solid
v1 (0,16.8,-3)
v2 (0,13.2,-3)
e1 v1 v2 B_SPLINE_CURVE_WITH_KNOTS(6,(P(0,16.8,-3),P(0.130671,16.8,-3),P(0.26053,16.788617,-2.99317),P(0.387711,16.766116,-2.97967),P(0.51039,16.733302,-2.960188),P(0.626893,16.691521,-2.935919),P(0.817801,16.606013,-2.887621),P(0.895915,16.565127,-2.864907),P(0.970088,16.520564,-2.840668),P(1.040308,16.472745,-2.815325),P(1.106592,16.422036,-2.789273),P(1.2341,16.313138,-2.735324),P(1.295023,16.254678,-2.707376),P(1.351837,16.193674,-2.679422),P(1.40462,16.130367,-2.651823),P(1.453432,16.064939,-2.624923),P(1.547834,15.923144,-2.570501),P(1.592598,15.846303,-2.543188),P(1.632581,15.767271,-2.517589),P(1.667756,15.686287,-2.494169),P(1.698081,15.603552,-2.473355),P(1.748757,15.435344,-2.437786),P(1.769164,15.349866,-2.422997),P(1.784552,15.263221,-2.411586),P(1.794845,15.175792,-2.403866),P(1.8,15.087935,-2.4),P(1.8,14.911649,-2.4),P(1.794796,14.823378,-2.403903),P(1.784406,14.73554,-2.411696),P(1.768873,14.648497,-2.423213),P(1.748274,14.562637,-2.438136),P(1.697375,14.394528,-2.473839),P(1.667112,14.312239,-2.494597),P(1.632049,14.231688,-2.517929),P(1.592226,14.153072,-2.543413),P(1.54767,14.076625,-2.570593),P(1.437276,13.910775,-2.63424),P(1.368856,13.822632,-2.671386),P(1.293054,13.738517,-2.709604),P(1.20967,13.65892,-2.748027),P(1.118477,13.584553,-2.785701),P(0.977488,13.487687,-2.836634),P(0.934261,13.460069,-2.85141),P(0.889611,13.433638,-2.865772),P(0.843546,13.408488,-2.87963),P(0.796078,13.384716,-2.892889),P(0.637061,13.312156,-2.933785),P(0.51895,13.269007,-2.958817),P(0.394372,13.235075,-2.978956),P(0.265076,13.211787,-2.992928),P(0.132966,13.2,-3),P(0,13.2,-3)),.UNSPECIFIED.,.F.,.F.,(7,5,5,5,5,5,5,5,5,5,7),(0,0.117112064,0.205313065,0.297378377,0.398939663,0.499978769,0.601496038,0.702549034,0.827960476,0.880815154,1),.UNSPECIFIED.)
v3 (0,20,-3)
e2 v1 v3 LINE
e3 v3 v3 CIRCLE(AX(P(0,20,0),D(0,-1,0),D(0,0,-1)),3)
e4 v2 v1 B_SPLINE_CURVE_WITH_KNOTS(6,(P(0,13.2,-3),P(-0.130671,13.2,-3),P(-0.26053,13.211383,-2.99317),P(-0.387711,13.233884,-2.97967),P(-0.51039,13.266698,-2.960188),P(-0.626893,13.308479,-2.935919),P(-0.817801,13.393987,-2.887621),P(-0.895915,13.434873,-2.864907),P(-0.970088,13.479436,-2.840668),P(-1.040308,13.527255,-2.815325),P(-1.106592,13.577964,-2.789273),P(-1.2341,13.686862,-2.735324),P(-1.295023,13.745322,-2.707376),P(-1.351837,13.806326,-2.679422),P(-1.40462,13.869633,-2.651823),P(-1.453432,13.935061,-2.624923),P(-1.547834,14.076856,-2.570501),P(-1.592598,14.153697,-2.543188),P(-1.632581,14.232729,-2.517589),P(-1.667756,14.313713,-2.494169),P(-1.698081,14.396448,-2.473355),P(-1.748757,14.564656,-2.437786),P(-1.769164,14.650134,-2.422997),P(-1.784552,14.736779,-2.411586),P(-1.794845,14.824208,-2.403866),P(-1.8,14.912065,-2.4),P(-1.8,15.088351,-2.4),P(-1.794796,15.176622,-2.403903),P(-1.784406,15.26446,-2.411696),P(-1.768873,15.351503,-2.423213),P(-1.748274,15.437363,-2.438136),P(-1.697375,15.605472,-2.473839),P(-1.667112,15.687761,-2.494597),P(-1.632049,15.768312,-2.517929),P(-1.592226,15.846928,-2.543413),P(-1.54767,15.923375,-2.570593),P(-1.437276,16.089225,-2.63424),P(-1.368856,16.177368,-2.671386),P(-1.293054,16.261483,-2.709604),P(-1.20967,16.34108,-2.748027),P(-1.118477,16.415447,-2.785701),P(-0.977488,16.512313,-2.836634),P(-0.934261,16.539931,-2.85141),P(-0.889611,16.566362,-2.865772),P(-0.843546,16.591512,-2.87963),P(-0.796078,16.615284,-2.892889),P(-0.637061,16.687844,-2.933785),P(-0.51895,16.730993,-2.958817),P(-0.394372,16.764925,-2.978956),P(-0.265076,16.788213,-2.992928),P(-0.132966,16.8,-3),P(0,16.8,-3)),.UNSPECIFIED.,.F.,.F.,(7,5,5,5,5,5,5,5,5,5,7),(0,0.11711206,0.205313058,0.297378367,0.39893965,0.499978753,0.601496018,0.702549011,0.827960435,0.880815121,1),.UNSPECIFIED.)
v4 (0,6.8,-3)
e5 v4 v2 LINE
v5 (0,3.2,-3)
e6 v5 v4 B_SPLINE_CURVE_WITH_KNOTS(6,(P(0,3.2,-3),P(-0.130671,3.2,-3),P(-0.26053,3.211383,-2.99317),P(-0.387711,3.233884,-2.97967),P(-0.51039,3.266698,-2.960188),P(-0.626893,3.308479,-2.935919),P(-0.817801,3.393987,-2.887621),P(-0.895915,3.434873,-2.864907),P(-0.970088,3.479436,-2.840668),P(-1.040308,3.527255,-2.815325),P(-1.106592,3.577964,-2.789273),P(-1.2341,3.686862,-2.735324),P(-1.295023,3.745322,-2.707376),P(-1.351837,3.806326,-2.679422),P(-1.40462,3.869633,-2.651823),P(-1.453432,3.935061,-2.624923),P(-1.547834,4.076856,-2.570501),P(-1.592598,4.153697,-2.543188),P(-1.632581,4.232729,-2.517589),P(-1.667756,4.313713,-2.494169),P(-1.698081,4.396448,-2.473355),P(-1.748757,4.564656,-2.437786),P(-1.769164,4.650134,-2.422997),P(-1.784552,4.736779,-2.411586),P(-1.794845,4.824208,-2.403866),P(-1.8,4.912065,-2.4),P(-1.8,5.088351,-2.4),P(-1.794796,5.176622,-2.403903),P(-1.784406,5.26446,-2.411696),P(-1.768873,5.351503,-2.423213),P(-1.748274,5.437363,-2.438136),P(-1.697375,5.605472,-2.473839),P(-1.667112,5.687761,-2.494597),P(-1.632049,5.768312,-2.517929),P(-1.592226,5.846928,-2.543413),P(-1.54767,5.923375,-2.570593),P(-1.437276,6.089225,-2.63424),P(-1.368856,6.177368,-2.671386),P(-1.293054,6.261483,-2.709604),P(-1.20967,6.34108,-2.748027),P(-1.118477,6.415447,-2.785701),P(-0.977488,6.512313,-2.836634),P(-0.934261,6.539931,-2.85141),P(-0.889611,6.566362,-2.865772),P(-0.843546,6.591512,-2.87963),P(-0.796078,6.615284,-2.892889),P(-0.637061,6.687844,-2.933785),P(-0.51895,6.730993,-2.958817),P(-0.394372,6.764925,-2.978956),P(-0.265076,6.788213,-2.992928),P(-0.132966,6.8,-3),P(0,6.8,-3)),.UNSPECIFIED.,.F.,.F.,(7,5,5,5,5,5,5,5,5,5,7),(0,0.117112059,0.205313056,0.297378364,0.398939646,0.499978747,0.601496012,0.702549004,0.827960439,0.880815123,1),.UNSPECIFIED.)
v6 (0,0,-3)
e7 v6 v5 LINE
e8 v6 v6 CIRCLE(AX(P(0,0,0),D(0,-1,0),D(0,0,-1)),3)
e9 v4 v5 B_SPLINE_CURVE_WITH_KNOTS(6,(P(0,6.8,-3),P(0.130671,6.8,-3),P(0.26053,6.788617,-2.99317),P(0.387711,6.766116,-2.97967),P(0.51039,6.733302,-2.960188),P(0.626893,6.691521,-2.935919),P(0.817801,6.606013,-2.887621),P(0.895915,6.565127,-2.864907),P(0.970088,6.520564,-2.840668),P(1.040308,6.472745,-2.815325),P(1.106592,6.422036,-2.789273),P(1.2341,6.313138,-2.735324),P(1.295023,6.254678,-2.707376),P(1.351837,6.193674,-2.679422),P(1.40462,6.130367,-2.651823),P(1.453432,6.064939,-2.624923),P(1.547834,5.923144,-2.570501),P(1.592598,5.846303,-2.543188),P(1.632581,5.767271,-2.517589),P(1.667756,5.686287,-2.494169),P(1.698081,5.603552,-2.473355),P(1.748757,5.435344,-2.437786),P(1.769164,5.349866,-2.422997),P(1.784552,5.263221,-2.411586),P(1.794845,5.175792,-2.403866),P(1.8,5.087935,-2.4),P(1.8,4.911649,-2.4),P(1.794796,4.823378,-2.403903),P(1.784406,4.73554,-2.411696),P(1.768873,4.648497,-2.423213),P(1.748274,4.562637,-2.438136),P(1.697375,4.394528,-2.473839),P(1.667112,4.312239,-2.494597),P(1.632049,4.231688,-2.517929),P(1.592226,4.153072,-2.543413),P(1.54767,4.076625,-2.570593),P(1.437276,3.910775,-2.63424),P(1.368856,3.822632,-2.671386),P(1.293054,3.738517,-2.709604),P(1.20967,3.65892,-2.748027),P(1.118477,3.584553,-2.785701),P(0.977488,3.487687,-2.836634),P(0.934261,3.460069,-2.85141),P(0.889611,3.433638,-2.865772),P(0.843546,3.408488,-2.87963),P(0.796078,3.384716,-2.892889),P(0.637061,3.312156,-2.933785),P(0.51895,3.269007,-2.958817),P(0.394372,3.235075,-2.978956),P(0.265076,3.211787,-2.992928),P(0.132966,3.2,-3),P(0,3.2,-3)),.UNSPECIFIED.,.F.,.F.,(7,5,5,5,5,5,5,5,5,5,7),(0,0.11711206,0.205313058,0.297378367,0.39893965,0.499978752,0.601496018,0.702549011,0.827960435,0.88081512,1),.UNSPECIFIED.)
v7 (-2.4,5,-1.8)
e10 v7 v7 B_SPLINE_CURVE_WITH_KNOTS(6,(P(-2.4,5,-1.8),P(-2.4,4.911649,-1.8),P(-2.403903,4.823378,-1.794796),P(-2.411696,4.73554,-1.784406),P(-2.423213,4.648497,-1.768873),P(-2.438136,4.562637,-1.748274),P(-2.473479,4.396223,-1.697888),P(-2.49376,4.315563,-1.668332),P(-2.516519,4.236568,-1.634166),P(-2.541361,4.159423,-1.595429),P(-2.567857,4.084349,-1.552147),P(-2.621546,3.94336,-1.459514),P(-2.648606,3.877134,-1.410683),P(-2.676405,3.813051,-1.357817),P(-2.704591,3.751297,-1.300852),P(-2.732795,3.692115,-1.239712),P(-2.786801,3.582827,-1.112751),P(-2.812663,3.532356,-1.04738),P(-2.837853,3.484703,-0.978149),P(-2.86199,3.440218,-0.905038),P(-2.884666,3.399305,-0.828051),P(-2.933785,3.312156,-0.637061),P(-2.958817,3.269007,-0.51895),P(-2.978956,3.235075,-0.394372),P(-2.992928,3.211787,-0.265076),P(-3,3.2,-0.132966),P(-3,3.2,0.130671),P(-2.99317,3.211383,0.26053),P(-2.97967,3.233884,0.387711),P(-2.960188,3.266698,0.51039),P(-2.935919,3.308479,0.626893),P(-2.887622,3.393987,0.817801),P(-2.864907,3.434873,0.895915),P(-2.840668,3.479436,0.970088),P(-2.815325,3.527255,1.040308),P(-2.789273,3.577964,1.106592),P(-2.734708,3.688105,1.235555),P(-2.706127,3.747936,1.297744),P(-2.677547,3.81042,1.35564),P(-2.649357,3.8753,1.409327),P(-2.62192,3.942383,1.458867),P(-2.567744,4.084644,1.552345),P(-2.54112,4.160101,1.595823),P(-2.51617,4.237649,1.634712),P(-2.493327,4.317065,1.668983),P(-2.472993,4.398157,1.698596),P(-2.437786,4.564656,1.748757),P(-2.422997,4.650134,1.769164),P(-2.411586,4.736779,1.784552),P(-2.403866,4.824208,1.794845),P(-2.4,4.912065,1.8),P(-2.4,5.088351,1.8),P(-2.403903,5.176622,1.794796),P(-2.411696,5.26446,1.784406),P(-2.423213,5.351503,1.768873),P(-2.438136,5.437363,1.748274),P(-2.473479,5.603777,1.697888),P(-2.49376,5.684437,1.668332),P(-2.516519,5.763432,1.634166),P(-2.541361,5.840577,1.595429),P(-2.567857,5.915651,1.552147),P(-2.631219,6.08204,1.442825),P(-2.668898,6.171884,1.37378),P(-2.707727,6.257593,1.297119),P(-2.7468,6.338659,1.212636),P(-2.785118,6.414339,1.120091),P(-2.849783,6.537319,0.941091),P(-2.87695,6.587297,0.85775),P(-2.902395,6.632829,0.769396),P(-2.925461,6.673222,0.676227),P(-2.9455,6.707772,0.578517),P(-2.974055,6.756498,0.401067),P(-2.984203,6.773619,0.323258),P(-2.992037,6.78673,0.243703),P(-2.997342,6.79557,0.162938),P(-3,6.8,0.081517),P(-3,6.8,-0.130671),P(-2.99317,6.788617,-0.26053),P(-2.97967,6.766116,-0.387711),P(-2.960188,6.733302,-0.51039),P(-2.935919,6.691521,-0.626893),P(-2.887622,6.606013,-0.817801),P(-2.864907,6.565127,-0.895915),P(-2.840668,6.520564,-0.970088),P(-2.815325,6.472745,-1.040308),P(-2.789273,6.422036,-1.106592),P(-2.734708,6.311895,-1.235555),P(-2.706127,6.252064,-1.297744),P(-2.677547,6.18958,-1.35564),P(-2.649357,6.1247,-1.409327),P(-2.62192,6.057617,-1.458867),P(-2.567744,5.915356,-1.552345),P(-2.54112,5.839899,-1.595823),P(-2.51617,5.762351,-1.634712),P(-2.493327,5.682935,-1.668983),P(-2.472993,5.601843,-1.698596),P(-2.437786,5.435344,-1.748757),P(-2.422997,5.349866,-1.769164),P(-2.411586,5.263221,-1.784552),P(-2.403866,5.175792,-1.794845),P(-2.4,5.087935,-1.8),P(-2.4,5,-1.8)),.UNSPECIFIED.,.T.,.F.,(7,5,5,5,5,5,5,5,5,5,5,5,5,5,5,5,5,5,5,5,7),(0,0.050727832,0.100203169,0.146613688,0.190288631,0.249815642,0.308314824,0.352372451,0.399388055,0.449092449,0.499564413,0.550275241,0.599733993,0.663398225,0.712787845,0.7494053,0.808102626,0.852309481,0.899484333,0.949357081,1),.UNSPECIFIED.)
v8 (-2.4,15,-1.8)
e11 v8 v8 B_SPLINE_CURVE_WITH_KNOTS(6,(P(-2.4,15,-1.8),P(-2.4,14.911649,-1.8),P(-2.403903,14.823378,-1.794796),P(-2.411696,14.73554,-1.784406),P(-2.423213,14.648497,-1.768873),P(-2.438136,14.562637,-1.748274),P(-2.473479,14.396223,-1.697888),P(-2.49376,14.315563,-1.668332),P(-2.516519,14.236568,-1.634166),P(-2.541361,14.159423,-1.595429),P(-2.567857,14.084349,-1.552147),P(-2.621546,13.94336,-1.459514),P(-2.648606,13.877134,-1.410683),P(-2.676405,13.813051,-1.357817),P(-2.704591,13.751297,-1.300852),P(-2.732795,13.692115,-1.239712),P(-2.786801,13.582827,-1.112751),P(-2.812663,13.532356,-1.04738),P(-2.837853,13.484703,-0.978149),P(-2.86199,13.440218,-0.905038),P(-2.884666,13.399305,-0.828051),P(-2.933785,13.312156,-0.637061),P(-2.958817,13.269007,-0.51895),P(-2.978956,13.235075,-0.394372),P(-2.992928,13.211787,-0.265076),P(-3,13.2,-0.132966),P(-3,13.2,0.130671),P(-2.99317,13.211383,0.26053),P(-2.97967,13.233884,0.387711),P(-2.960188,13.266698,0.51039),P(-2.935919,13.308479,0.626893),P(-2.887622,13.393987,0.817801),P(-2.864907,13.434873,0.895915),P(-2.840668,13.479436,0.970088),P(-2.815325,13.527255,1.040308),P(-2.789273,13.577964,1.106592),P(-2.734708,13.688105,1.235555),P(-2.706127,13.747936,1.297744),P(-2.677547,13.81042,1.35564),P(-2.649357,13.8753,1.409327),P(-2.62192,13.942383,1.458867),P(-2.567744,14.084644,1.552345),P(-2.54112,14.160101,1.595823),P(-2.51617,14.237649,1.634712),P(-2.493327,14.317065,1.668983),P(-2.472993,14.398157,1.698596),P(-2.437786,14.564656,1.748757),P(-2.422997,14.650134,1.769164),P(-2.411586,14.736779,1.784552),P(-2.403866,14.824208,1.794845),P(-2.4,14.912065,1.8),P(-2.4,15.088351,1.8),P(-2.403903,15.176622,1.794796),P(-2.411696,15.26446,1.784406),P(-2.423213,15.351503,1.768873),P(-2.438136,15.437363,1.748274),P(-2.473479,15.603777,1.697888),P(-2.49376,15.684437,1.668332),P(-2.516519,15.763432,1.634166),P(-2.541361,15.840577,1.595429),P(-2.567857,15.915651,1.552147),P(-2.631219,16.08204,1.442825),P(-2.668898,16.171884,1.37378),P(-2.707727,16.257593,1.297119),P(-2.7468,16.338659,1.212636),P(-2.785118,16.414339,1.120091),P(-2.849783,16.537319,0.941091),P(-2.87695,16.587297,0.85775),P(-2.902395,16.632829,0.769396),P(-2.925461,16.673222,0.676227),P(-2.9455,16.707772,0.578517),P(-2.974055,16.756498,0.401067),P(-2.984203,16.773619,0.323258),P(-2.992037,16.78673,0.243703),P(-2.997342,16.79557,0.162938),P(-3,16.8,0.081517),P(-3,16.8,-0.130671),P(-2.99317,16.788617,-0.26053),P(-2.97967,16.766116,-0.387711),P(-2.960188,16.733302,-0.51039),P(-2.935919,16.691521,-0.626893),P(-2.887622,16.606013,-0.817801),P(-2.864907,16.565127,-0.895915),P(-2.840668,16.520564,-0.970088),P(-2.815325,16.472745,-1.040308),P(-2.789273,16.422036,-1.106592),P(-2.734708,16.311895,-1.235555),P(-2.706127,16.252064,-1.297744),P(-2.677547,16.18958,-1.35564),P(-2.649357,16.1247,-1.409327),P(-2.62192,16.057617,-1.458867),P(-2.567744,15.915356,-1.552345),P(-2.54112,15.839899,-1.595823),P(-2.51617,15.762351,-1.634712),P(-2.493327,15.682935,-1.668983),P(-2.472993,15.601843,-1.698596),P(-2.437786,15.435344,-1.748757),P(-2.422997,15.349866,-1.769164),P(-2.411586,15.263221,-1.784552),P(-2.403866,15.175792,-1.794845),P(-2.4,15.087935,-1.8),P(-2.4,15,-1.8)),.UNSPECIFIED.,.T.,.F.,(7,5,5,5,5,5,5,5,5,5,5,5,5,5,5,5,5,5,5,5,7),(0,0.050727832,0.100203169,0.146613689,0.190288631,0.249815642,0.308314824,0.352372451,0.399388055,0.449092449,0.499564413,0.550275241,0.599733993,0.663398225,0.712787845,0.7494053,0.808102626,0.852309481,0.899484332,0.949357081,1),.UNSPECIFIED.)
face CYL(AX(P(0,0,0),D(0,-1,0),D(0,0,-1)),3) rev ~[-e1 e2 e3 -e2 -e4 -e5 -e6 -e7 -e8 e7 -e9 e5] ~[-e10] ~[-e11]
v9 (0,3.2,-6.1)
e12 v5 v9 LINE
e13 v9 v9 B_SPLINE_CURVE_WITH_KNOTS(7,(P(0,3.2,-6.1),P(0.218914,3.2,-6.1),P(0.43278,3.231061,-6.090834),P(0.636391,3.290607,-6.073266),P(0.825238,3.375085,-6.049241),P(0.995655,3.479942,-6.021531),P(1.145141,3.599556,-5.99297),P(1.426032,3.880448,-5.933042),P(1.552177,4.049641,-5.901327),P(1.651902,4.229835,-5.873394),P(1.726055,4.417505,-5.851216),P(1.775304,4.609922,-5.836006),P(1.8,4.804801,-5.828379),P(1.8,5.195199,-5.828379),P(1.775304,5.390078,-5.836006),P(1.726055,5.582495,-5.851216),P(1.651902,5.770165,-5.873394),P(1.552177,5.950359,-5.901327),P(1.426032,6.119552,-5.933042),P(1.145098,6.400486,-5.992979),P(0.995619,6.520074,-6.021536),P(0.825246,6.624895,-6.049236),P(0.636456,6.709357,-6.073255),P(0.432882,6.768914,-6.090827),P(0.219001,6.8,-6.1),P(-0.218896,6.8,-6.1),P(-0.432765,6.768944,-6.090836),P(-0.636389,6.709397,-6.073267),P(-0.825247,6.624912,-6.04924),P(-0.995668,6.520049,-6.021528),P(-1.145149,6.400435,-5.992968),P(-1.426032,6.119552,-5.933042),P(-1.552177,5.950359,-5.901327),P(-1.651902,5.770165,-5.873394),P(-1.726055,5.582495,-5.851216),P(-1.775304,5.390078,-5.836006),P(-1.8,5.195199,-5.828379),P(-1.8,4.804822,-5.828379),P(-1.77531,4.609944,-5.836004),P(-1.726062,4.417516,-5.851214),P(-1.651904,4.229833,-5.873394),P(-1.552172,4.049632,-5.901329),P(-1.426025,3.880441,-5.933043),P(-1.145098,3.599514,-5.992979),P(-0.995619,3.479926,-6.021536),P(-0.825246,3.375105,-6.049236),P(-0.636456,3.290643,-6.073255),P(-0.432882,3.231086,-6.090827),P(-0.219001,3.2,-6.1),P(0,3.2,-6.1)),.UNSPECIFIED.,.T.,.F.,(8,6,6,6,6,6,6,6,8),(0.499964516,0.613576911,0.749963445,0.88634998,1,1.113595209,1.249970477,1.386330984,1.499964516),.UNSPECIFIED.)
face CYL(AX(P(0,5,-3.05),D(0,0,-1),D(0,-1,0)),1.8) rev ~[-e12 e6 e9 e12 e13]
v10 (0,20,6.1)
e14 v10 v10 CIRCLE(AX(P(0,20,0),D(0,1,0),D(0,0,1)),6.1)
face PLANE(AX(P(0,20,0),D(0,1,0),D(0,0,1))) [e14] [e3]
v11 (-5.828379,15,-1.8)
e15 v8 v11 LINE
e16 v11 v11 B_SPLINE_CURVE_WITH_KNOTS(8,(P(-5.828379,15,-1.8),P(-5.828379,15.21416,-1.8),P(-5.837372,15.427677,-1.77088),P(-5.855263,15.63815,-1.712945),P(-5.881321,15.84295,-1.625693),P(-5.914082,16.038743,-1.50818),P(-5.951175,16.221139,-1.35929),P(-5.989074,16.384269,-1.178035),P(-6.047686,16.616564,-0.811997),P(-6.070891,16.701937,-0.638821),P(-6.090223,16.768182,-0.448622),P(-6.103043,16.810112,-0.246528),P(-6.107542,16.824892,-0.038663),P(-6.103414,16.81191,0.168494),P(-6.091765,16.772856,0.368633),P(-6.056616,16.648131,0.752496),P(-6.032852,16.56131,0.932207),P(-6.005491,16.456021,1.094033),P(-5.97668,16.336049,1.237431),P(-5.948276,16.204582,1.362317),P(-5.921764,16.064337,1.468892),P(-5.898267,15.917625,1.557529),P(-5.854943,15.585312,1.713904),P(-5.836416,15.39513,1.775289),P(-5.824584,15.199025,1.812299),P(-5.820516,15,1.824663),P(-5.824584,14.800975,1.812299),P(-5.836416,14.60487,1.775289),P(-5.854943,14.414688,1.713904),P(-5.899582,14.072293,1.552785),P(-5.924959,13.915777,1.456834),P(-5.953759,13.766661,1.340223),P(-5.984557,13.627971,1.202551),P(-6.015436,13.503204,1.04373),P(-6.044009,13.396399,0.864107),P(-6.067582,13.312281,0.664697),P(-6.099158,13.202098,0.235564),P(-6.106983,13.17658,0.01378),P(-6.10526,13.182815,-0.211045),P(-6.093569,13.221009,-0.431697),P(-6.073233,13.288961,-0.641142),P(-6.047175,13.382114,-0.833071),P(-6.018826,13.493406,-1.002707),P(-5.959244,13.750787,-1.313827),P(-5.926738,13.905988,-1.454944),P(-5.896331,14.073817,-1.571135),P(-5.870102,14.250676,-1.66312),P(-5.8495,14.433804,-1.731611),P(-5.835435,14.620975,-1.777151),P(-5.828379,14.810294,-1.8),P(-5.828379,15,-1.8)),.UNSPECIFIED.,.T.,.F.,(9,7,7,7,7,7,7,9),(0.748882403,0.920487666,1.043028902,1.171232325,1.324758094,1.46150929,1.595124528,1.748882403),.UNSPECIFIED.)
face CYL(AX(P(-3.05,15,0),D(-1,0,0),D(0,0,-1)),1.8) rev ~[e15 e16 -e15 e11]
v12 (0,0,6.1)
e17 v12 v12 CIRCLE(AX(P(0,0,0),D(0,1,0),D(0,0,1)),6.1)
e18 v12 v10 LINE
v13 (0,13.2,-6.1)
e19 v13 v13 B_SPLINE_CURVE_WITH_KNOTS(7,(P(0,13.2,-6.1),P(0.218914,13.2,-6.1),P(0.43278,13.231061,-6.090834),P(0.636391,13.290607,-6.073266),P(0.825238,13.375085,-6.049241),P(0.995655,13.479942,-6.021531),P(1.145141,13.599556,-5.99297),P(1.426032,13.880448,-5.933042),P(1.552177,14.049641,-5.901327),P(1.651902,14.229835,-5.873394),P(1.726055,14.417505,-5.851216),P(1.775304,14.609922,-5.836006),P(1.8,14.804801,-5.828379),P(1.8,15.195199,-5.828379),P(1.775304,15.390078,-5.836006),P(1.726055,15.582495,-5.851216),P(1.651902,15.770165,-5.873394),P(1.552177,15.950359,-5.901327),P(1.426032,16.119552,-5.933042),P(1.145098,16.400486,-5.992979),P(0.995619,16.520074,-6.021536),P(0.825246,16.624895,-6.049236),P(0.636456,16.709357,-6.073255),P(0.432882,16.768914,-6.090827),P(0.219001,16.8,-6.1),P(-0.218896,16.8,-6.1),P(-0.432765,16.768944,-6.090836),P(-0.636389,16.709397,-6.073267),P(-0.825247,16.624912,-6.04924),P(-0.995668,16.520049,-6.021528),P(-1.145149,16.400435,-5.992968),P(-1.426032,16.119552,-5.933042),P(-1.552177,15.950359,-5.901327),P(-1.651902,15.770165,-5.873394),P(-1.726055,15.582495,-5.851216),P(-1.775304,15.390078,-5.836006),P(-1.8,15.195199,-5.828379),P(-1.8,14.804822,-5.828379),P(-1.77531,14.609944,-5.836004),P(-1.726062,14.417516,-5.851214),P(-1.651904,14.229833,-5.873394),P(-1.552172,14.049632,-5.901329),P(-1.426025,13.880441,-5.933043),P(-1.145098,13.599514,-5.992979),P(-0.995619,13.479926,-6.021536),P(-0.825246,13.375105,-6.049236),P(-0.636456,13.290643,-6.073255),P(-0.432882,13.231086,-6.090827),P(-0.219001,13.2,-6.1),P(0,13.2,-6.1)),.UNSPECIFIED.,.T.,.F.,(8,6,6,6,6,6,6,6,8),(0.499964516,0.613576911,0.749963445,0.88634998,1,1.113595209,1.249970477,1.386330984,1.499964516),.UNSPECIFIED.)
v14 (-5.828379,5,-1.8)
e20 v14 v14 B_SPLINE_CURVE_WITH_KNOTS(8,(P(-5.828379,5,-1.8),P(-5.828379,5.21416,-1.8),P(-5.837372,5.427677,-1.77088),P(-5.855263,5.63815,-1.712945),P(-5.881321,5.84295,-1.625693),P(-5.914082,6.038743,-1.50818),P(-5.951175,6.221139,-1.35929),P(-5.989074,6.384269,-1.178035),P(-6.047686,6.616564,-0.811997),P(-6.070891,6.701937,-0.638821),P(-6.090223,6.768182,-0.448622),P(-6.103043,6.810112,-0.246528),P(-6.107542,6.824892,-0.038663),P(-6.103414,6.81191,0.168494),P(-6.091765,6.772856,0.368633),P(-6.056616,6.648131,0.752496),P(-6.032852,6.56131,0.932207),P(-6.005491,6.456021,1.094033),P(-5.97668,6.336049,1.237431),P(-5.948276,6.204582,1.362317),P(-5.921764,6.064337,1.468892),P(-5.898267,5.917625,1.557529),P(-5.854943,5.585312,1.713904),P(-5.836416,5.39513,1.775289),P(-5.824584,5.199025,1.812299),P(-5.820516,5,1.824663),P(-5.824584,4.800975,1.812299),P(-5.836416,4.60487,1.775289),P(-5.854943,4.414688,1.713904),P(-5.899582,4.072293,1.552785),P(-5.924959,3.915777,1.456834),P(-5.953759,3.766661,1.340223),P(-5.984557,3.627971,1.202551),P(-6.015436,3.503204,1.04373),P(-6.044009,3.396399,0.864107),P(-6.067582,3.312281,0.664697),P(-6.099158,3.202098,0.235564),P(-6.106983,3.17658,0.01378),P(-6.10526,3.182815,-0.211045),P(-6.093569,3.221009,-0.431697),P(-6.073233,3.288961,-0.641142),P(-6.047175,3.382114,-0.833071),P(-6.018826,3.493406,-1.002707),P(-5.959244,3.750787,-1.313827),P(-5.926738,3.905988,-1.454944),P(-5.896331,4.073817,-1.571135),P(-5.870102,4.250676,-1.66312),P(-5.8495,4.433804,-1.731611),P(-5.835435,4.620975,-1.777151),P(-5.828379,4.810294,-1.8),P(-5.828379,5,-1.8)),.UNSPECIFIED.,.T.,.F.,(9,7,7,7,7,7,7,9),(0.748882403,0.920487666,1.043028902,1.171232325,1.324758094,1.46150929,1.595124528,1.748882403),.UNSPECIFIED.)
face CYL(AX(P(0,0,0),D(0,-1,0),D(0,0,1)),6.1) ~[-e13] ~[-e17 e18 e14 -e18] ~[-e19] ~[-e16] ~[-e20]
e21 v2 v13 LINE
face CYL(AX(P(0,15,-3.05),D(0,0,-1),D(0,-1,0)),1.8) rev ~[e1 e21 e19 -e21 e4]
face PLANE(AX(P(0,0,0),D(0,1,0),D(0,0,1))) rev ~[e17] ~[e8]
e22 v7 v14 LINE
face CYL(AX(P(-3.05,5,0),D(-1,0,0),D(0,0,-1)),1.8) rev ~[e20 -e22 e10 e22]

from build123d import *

# Parameters (mm, degrees)
CROQUIS1_R                            = 6.1
SALIENTE_EXTRUIR1_DEPTH               = 20
CROQUIS3_R                            = 3
CORTAR_EXTRUIR1_DEPTH                 = 22.781184541
CROQUIS5_W                            = 1.8
CROQUIS5_H                            = 6.1
TALADRO_DE_MARGEN_PARA_M31_AT_2_COUNT = 2
TALADRO_DE_MARGEN_PARA_M31_AT_2_PITCH = 10
CROQUIS7_W                            = 1.8
CROQUIS7_H                            = 6.1
TALADRO_DE_MARGEN_PARA_M32_AT_2_COUNT = 2
TALADRO_DE_MARGEN_PARA_M32_AT_2_PITCH = 10


with BuildPart() as part:
    # Croquis1 → Saliente-Extruir1 (new body)
    with BuildSketch(Plane(origin=(0, 0, 0), x_dir=(-1, 0, 0), z_dir=(0, 1, 0))):
        with Locations(Location((0, 0, 0), (0, 0, 90))):
            Circle(CROQUIS1_R)
    extrude(amount=SALIENTE_EXTRUIR1_DEPTH)

    # Croquis3 → Cortar-Extruir1 (cut, through all)
    with BuildSketch(Plane.XZ):
        with Locations(Location((0, 0, 0), (0, 0, 270))):
            Circle(CROQUIS3_R)
    extrude(amount=-CORTAR_EXTRUIR1_DEPTH, mode=Mode.SUBTRACT)

    # Croquis5 → Taladro de margen para M31 (revolve, cut)
    with BuildSketch(Plane(origin=(0, 15, 0), x_dir=(0, -1, 0), z_dir=(1, 0, 0))):
        with Locations((0.9, 3.05)):
            Rectangle(CROQUIS5_W, CROQUIS5_H)
    taladro_de_margen_para_m31 = revolve(axis=Axis((0, 15, 6.35), (0, 0, -1)), mode=Mode.SUBTRACT)

    # Taladro de margen para M31 at 2: Taladro de margen para M31 ×2
    with Locations(*[(0, -i * TALADRO_DE_MARGEN_PARA_M31_AT_2_PITCH, 0) for i in range(1, TALADRO_DE_MARGEN_PARA_M31_AT_2_COUNT)]):
        add(taladro_de_margen_para_m31, mode=Mode.SUBTRACT)

    # Croquis7 → Taladro de margen para M32 (revolve, cut)
    with BuildSketch(Plane(origin=(0, 5, 0), x_dir=(0, 0, -1), z_dir=(0, 1, 0))):
        with Locations((0.9, 3.05)):
            Rectangle(CROQUIS7_W, CROQUIS7_H)
    taladro_de_margen_para_m32 = revolve(axis=Axis((6.35, 5, 0), (-1, 0, 0)), mode=Mode.SUBTRACT)

    # Taladro de margen para M32 at 2: Taladro de margen para M32 ×2
    with Locations(*[(0, i * TALADRO_DE_MARGEN_PARA_M32_AT_2_PITCH, 0) for i in range(1, TALADRO_DE_MARGEN_PARA_M32_AT_2_COUNT)]):
        add(taladro_de_margen_para_m32, mode=Mode.SUBTRACT)


solid = part.part
